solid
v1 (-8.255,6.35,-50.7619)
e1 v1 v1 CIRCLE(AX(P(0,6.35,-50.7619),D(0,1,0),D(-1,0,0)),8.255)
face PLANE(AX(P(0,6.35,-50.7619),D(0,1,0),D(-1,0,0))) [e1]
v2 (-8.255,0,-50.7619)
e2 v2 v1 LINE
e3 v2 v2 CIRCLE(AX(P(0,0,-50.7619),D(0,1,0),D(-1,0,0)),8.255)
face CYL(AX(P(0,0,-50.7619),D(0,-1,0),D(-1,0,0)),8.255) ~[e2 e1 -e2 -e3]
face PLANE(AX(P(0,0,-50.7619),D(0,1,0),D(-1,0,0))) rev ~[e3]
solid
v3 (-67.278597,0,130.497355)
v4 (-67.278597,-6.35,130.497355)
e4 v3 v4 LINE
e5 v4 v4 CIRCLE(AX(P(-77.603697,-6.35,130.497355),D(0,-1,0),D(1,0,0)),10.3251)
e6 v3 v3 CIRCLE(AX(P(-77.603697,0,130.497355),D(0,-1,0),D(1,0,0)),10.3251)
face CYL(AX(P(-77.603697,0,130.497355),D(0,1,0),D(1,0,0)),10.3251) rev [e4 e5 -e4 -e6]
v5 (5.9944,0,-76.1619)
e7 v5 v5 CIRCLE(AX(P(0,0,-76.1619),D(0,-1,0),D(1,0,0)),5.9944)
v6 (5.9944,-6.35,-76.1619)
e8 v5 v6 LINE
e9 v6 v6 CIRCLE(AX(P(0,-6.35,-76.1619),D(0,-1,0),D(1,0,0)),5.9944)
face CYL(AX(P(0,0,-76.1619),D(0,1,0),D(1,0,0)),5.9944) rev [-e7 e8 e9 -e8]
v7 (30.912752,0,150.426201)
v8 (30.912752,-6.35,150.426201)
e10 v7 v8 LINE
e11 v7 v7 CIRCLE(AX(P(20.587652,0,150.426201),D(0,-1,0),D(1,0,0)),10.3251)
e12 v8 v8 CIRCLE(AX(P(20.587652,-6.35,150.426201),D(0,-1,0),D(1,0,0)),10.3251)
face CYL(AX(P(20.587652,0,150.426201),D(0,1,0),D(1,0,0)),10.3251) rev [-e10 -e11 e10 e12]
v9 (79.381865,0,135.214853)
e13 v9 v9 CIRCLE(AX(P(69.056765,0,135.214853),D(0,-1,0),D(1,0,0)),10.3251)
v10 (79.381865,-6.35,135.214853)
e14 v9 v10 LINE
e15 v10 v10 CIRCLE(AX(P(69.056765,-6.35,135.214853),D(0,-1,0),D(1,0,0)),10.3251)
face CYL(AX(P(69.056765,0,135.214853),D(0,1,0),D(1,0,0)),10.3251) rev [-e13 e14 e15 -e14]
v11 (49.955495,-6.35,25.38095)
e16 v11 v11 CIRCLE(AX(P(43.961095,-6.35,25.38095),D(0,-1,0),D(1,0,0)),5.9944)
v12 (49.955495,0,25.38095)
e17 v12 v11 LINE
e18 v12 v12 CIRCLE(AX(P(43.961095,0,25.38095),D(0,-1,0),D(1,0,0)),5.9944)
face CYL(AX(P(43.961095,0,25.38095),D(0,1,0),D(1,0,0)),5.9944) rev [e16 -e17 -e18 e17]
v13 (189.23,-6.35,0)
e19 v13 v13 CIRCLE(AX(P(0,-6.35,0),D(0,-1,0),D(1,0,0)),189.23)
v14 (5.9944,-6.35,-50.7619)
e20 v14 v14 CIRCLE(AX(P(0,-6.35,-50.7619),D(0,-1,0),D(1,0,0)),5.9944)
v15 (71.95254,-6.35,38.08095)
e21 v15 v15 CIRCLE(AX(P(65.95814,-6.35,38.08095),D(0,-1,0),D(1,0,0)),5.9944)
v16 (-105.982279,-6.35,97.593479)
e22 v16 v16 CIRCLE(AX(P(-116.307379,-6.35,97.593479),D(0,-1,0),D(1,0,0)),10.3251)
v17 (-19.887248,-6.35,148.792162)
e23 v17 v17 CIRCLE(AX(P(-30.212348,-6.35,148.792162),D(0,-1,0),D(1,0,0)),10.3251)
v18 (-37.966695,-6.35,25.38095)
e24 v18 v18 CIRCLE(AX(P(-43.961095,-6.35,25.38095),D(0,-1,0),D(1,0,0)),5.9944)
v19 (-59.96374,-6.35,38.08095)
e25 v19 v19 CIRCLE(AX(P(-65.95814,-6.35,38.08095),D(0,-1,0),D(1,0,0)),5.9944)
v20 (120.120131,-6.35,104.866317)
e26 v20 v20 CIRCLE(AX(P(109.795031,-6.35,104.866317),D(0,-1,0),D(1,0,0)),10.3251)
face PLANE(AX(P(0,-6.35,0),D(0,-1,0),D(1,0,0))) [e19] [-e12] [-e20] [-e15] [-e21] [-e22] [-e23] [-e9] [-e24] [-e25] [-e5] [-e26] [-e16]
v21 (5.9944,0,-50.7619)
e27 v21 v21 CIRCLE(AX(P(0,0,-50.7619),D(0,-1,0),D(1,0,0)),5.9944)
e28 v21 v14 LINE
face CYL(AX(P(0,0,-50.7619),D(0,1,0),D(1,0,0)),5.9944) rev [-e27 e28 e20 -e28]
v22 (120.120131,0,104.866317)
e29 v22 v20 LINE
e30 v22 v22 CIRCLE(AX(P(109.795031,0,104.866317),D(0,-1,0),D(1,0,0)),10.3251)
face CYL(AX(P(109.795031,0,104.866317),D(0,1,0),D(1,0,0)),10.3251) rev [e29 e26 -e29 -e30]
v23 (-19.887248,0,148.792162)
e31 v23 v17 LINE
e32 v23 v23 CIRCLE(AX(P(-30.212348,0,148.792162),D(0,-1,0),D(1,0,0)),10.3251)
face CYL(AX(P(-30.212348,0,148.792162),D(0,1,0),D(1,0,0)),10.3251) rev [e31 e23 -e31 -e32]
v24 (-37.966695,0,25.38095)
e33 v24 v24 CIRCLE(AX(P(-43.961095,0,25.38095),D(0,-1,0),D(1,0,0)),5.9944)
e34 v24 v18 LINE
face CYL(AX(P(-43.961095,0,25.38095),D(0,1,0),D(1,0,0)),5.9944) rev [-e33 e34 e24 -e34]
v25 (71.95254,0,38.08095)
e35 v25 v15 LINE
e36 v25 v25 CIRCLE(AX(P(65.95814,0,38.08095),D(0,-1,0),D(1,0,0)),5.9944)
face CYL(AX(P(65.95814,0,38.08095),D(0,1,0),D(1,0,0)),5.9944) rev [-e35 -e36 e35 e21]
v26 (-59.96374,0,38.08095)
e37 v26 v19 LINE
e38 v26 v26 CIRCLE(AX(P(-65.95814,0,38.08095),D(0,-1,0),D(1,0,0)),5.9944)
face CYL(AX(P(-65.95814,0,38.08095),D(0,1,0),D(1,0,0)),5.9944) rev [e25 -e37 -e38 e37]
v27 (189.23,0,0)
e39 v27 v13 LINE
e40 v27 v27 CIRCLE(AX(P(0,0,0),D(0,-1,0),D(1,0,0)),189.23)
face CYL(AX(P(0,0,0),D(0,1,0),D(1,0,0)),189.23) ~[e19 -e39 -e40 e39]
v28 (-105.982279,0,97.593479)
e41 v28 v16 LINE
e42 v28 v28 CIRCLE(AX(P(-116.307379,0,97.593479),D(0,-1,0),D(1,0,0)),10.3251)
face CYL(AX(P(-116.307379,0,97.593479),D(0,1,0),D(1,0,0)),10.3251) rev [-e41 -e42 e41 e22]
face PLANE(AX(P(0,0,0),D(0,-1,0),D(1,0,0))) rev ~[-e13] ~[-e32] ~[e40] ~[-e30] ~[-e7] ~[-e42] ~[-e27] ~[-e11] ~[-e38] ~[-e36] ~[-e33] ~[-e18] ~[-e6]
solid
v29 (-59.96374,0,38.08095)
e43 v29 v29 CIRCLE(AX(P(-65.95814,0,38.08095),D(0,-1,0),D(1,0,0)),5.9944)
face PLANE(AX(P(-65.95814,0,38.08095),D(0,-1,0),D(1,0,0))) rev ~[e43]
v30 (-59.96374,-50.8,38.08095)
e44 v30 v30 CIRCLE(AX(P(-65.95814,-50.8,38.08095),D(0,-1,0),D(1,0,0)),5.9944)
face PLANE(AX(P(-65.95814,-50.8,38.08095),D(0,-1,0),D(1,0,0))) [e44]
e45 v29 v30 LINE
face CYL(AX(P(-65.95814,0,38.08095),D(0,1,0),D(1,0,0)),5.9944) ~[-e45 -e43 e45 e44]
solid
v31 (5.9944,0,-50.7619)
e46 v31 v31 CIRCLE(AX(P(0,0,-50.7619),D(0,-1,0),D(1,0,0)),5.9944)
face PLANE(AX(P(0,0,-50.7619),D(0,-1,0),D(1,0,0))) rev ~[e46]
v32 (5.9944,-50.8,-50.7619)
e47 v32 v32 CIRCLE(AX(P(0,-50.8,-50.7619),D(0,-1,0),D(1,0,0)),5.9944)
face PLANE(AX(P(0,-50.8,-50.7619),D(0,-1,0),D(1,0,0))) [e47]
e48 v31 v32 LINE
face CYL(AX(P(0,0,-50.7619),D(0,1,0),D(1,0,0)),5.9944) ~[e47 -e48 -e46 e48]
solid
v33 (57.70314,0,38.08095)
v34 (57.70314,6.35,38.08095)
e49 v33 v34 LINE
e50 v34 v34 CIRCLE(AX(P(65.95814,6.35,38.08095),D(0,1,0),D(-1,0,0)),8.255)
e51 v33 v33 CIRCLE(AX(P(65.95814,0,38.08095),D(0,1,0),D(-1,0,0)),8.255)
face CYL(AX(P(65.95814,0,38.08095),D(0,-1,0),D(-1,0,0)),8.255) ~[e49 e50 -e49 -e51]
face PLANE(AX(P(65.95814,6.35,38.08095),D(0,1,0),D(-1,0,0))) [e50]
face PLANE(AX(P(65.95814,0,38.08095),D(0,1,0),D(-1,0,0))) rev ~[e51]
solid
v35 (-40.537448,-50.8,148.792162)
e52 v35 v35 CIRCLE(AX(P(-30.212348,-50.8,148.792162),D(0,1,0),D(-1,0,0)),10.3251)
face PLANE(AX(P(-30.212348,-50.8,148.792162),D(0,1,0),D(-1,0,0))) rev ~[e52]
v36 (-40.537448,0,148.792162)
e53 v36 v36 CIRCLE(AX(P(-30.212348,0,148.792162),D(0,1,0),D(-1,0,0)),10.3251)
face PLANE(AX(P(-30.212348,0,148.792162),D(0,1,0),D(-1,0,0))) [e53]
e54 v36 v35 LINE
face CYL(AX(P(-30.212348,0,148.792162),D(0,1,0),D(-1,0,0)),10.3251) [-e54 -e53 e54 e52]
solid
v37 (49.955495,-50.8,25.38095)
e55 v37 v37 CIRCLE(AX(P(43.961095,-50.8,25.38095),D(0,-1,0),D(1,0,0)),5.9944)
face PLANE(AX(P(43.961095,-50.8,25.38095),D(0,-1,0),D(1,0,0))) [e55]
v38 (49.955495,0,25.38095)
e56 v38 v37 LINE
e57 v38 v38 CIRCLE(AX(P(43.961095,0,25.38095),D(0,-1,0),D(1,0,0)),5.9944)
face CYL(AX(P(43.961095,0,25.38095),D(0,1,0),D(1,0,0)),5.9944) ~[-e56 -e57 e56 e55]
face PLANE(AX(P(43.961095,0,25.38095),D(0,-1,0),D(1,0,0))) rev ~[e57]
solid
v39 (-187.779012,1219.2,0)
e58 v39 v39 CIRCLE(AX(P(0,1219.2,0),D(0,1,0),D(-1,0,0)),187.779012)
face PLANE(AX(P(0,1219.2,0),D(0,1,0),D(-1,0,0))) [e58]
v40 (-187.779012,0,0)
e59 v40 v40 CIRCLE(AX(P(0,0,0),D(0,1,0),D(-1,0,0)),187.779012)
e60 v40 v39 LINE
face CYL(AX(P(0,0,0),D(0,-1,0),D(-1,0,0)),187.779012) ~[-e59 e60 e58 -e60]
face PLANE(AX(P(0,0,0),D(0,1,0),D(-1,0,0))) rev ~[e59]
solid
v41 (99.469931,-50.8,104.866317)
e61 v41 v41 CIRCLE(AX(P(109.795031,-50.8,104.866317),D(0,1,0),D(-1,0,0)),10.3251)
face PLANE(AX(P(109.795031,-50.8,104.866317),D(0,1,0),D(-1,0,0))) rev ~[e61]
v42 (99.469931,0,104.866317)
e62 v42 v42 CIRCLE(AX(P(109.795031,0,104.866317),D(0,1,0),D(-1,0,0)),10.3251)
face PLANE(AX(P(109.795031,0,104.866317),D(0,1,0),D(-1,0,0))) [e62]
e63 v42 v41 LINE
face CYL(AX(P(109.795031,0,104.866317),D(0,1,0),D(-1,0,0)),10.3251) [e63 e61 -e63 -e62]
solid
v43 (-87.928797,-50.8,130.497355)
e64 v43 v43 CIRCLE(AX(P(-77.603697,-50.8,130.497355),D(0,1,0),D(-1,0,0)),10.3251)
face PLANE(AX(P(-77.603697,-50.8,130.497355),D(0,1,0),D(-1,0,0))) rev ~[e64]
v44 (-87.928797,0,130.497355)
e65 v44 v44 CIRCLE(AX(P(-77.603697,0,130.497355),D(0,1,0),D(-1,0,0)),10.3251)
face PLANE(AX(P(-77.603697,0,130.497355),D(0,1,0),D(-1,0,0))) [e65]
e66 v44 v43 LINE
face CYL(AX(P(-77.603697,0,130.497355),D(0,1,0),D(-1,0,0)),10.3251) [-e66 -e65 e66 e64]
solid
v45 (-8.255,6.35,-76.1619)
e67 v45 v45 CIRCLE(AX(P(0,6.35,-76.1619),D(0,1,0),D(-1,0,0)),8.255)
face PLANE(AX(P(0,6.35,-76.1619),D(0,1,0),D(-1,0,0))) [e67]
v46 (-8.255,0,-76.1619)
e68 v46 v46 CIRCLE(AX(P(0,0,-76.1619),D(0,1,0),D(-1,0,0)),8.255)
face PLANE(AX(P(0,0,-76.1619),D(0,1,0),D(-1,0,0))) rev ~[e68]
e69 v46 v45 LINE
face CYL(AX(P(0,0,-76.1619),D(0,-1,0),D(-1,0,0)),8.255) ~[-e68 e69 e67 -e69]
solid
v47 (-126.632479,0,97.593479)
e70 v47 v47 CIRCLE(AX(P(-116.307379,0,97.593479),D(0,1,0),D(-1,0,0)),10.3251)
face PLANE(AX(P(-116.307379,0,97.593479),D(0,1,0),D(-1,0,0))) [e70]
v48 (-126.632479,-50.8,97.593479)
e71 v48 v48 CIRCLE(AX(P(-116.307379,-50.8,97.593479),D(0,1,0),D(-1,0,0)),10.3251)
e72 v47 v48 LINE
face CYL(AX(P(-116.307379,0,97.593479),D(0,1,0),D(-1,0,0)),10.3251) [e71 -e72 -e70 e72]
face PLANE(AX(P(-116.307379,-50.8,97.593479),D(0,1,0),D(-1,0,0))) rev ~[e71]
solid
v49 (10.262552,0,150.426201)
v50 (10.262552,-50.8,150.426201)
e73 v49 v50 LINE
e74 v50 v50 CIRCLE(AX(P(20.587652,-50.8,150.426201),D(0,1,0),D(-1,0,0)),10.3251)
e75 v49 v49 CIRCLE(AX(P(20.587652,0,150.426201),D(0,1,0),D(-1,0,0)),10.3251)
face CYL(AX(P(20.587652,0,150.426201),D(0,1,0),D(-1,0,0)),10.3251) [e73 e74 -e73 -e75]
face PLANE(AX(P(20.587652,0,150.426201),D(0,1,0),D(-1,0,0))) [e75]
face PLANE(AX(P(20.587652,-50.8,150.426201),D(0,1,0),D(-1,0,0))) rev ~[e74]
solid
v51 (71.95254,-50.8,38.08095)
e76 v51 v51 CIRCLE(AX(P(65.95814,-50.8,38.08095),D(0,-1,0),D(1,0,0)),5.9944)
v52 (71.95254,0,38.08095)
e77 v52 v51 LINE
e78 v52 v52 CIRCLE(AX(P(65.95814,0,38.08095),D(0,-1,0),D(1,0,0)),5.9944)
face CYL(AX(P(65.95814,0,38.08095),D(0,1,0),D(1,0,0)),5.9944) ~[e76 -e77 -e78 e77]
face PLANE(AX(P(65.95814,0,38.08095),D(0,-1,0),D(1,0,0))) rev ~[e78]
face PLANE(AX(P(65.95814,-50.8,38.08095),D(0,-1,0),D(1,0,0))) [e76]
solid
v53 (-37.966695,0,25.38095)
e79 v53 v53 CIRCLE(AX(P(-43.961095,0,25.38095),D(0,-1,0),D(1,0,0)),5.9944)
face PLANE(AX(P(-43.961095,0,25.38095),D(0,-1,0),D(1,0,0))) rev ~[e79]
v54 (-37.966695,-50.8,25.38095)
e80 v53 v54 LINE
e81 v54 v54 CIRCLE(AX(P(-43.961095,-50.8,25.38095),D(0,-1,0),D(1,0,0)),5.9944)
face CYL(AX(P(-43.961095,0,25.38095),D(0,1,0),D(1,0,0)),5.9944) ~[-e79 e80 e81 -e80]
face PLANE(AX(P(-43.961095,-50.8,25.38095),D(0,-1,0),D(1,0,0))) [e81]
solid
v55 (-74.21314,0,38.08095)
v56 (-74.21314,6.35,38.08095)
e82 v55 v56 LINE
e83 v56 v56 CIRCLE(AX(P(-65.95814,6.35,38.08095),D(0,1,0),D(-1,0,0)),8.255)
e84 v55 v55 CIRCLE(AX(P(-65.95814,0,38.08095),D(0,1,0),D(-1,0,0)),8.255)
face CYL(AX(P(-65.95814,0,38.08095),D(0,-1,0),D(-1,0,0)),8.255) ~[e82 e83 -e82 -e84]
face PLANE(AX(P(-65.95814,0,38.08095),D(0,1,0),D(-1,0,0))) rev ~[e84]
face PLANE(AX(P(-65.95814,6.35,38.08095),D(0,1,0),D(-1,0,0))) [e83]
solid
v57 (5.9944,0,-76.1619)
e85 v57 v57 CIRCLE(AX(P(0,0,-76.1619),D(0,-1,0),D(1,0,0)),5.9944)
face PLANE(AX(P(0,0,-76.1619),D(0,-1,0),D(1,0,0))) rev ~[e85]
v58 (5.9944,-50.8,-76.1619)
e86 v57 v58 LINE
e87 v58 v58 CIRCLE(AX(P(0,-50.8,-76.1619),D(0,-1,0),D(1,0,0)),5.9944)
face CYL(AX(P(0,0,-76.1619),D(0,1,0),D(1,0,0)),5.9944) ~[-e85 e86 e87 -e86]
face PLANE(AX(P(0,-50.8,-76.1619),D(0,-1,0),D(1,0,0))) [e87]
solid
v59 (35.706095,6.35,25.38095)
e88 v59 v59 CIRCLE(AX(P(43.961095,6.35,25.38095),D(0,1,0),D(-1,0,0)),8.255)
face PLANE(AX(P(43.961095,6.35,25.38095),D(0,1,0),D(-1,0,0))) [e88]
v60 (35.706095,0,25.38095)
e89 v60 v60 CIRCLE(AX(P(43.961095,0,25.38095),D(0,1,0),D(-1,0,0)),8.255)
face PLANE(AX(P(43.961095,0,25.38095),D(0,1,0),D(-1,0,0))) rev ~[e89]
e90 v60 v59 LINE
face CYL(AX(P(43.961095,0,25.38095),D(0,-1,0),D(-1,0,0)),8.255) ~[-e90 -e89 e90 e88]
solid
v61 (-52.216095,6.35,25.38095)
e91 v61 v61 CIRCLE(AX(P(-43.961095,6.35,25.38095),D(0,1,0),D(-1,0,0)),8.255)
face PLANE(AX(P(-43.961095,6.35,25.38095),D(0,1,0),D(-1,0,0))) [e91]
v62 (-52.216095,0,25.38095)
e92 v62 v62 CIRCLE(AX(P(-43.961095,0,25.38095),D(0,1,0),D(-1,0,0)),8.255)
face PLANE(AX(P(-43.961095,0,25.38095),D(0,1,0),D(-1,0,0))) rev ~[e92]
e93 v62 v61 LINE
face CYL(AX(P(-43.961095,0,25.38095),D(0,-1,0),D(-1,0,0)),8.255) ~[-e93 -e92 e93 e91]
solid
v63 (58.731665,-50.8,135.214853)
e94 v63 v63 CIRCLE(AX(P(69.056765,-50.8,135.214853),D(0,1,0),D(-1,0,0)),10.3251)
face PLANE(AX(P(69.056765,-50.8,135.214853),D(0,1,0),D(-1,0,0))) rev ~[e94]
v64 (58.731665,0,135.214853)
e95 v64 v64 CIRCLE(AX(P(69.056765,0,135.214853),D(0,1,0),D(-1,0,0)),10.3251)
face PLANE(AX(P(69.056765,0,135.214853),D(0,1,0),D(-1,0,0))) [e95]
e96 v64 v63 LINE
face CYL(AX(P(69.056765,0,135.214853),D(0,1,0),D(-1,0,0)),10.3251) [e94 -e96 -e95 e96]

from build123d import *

# Parameters (mm, degrees)
F0_R     = 189.23
F0_R_2   = 5.9944
F0_R_3   = 10.3251
F1_DEPTH = 6.35
F2_R     = 8.255
F3_DEPTH = 6.35
F4_R     = 5.9944
F5_DEPTH = 50.8
F6_R     = 10.3251
F7_DEPTH = 50.8
F8_R     = 187.779012
F9_DEPTH = 1219.2


with BuildPart() as f1:
    # F0 (on Front) → F1 (new body)
    with BuildSketch(Plane.XZ):
        Circle(F0_R)
        with Locations((0, -76.1619)):
            Circle(F0_R_2, mode=Mode.SUBTRACT)
        with Locations((0, -50.7619)):
            Circle(F0_R_2, mode=Mode.SUBTRACT)
        with Locations((-65.95814, 38.08095)):
            Circle(F0_R_2, mode=Mode.SUBTRACT)
        with Locations((-43.961095, 25.38095)):
            Circle(F0_R_2, mode=Mode.SUBTRACT)
        with Locations((-116.307379, 97.593479)):
            Circle(F0_R_3, mode=Mode.SUBTRACT)
        with Locations((-77.603697, 130.497355)):
            Circle(F0_R_3, mode=Mode.SUBTRACT)
        with Locations((-30.212348, 148.792162)):
            Circle(F0_R_3, mode=Mode.SUBTRACT)
        with Locations((43.961095, 25.38095)):
            Circle(F0_R_2, mode=Mode.SUBTRACT)
        with Locations((65.95814, 38.08095)):
            Circle(F0_R_2, mode=Mode.SUBTRACT)
        with Locations((69.056765, 135.214853)):
            Circle(F0_R_3, mode=Mode.SUBTRACT)
        with Locations((20.587652, 150.426201)):
            Circle(F0_R_3, mode=Mode.SUBTRACT)
        with Locations((109.795031, 104.866317)):
            Circle(F0_R_3, mode=Mode.SUBTRACT)
    extrude(amount=F1_DEPTH)


with BuildPart() as f3:
    # F2 (on face) → F3 (new body)
    with BuildSketch(Plane(origin=(0, 0, 0), x_dir=(-1, 0, 0), z_dir=(0, 1, 0))):
        with Locations((-65.95814, 38.08095)):
            Circle(F2_R)
        with Locations((-43.961095, 25.38095)):
            Circle(F2_R)
        with Locations((43.961095, 25.38095)):
            Circle(F2_R)
        with Locations((65.95814, 38.08095)):
            Circle(F2_R)
        with Locations((0, -50.7619)):
            Circle(F2_R)
        with Locations((0, -76.1619)):
            Circle(F2_R)
    extrude(amount=F3_DEPTH)


with BuildPart() as f5:
    # F4 (on face) → F5 (new body)
    with BuildSketch(Plane.XZ):
        with Locations((0, -76.1619)):
            Circle(F4_R)
        with Locations((0, -50.7619)):
            Circle(F4_R)
        with Locations((-43.961095, 25.38095)):
            Circle(F4_R)
        with Locations((-65.95814, 38.08095)):
            Circle(F4_R)
        with Locations((43.961095, 25.38095)):
            Circle(F4_R)
        with Locations((65.95814, 38.08095)):
            Circle(F4_R)
    extrude(amount=F5_DEPTH)


with BuildPart() as f7:
    # F6 (on face) → F7 (new body)
    with BuildSketch(Plane(origin=(0, 0, 0), x_dir=(-1, 0, 0), z_dir=(0, 1, 0))):
        with Locations((-109.795031, 104.866317)):
            Circle(F6_R)
        with Locations((-69.056765, 135.214853)):
            Circle(F6_R)
        with Locations((-20.587652, 150.426201)):
            Circle(F6_R)
        with Locations((30.212348, 148.792162)):
            Circle(F6_R)
        with Locations((77.603697, 130.497355)):
            Circle(F6_R)
        with Locations((116.307379, 97.593479)):
            Circle(F6_R)
    extrude(amount=-F7_DEPTH)


with BuildPart() as f9:
    # F8 (on face) → F9 (new body)
    with BuildSketch(Plane(origin=(0, 0, 0), x_dir=(-1, 0, 0), z_dir=(0, 1, 0))):
        Circle(F8_R)
    extrude(amount=F9_DEPTH)


solid = Compound([f1.part, f3.part, f5.part, f7.part, f9.part])
